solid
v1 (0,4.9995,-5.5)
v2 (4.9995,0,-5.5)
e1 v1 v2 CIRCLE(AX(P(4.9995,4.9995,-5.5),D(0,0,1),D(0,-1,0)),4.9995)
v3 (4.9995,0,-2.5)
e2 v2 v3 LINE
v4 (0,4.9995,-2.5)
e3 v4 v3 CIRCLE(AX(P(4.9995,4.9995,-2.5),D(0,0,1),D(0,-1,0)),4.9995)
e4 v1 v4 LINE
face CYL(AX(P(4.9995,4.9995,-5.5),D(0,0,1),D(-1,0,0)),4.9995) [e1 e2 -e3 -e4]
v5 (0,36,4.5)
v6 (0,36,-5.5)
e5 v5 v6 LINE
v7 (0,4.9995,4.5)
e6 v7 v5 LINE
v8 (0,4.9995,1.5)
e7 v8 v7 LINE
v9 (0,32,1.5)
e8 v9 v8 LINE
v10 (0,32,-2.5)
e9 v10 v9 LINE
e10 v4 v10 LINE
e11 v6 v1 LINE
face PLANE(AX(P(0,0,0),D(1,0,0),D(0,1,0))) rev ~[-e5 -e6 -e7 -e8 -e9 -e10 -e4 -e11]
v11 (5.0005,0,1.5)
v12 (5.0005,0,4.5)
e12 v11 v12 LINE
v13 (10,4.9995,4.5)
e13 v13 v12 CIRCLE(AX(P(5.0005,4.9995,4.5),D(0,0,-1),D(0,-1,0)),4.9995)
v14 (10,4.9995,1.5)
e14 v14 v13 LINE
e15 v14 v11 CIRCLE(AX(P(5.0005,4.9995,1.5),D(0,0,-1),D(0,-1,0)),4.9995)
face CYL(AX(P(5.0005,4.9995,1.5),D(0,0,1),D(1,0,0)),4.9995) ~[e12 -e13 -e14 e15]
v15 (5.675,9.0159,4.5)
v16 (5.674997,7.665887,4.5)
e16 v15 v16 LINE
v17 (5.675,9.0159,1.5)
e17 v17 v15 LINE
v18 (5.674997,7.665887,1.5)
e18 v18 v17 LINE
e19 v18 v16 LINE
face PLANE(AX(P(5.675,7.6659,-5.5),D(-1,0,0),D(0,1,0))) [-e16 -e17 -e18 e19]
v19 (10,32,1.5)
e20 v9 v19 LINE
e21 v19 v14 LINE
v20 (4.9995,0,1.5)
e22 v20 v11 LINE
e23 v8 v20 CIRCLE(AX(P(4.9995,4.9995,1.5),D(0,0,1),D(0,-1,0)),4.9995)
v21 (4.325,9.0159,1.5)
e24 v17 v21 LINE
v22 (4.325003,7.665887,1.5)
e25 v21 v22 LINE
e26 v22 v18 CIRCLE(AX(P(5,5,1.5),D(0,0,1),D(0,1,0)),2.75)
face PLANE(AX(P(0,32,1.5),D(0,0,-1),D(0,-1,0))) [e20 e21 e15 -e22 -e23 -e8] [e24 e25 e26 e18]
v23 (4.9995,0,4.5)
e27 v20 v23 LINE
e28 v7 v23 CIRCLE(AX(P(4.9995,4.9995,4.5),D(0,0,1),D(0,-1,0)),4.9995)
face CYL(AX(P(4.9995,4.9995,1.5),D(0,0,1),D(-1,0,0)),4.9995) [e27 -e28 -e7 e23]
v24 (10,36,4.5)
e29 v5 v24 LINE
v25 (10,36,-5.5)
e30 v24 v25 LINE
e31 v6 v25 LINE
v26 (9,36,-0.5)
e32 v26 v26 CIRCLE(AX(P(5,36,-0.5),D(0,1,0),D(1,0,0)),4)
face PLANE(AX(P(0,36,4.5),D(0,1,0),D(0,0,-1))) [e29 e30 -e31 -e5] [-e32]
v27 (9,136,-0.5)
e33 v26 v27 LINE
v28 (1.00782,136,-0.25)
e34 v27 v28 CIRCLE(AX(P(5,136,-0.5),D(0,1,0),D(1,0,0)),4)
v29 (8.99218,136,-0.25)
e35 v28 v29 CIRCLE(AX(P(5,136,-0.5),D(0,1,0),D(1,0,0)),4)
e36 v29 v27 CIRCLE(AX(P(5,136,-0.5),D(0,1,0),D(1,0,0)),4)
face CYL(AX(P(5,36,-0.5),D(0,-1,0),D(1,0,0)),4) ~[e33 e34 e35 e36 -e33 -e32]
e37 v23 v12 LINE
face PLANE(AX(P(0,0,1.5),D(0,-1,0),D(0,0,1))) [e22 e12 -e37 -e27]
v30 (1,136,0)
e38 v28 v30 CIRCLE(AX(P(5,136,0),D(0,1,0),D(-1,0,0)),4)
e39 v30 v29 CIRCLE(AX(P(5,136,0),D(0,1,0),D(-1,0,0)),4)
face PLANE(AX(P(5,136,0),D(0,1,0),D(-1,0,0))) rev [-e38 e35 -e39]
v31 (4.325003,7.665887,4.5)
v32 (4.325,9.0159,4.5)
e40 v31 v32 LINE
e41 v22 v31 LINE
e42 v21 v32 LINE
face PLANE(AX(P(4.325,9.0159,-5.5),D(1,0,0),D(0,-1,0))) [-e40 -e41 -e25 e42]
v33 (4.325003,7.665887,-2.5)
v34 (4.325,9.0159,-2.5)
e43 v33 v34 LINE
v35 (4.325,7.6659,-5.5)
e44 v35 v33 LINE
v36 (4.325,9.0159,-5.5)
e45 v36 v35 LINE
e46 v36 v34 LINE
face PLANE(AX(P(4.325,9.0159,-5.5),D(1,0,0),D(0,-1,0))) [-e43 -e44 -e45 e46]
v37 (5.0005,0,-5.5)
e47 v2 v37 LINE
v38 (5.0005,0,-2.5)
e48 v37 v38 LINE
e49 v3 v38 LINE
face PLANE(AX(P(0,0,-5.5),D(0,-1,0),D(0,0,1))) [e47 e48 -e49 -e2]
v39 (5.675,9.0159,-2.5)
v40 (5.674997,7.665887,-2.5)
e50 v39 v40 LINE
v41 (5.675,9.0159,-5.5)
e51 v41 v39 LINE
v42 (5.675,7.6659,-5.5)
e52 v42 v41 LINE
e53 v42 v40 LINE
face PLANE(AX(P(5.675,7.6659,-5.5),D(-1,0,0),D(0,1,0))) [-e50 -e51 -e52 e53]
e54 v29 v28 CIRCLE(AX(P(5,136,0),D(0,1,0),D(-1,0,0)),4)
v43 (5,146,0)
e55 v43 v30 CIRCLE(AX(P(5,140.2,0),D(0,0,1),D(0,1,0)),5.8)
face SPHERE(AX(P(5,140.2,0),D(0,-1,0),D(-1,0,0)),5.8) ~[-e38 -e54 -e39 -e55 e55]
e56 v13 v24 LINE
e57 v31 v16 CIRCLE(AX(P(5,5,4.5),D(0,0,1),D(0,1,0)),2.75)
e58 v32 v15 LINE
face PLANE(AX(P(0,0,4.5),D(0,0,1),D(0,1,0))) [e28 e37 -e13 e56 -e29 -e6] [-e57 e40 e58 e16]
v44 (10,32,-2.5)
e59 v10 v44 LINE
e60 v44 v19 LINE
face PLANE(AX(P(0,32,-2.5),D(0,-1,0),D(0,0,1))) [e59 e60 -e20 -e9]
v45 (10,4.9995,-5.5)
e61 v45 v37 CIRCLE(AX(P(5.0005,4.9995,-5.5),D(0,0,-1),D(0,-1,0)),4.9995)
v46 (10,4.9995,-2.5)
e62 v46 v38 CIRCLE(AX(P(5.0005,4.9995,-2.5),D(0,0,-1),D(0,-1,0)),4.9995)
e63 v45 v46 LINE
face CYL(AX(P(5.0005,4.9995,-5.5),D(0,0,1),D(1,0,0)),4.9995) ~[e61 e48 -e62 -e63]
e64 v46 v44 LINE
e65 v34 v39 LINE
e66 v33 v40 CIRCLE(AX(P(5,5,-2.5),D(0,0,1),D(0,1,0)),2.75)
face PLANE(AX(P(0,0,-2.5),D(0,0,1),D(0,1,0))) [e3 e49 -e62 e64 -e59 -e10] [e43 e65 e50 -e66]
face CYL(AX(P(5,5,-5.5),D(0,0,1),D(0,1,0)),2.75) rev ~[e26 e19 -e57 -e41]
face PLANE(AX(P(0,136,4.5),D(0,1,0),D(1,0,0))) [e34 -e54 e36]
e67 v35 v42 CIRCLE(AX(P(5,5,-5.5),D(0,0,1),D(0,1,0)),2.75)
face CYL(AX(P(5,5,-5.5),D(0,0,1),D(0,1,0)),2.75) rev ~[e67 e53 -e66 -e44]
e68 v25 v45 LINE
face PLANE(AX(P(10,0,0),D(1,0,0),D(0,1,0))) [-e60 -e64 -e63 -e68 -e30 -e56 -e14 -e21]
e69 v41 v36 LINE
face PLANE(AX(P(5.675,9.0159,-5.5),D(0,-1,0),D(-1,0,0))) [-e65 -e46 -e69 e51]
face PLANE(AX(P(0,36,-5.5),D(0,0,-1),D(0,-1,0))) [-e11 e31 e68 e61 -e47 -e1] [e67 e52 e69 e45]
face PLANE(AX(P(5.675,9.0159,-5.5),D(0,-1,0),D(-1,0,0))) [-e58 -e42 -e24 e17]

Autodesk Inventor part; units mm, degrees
ref_plane "YZ Plane" through (0, 0, 0) normal (1, 0, 0) x (0, 1, 0)
ref_plane "XZ Plane" through (0, 0, 0) normal (0, 1, 0) x (-1, 0, 0)
ref_plane "XY Plane" through (0, 0, 0) normal (0, 0, 1) x (1, 0, 0)
sketch "Sketch1" plane through (0, 0, 0) normal (1, 0, 0) x (0, 1, 0)
  line L0 (0, 4.5) -> (36, 4.5)
  line L1 (36, 4.5) -> (36, -5.5)
  line L2 (36, -5.5) -> (0, -5.5)
  line L3 (0, -5.5) -> (0, -2.5)
  line L4 (0, -2.5) -> (32, -2.5)
  line L5 (32, -2.5) -> (32, 1.5)
  line L6 (32, 1.5) -> (0, 1.5)
  line L7 (0, 1.5) -> (0, 4.5)
  point P0 (0, 0)
  dimension "d0" = 3
  dimension "d1" = 32
  dimension "d2" = 4
  dimension "d3" = 4
  dimension "d11" = 2.5
  dimension "d12" = 0
extrude "Extrusion1" add sketch "Sketch1" along normal blind 10
sketch "Sketch2" plane through (0, 36, 4.5) normal (0, 1, 0) x (1, 0, 0)
  circle A0 centre (5, 5) radius 4
  line L0 (0, 0) -> (0, 10) projected
  line L1 (0, 10) -> (10, 10) projected
  point P0 (0, 4.5)
  dimension "d6" = 8
  dimension "d7" = 5
  dimension "d8" = 5
extrude "Extrusion2" add sketch "Sketch2" along normal blind 100
sketch "Sketch3" plane through (0, 0, 0) normal (0, 0, 1) x (1, 0, 0)
  line L0 (9, 136) -> (1, 136) projected
  line L1 (1, 136) -> (5, 136)
  line L2 (5, 136) -> (5, 146)
  arc A0 (5, 146) -> (1, 136) centre (5, 140.2) ccw
  point P0 (0, 0)
  dimension "d13" = 10
revolve "Revolution1" add sketch "Sketch3" angle 360 about axis through (5, 136, 0) along (0, 1, 0)
fillet "Fillet1" radius 5 4 edges at (0, 0, -4) (10, 0, -4) (10, 0, 3) (0, 0, 3)
hole "Hole1" at (5, 5, -5.5) direction (0, 0, 1) diameter 5.5 end through all
sketch "Sketch4" plane through (10, 36, -5.5) normal (0, 0, -1) x (-1, 0, 0)
  circle A0 centre (5, -31) radius 2.75 projected
  line L0 (4.325, -28.3341) -> (4.325, -26.9841)
  line L1 (4.325, -26.9841) -> (5.675, -26.9841)
  line L2 (5.675, -26.9841) -> (5.675, -28.3341)
  line L3 (4.325, -28.3341) -> (5.675, -28.3341)
  point P0 (10, -36)
  dimension "d25" = 1.35
  dimension "d26" = 0.675
  dimension "d27" = 1.35
extrude "Extrusion3" cut sketch "Sketch4" against normal through all contours A0 L0 L1 L2
properties part number "EndJoint"
